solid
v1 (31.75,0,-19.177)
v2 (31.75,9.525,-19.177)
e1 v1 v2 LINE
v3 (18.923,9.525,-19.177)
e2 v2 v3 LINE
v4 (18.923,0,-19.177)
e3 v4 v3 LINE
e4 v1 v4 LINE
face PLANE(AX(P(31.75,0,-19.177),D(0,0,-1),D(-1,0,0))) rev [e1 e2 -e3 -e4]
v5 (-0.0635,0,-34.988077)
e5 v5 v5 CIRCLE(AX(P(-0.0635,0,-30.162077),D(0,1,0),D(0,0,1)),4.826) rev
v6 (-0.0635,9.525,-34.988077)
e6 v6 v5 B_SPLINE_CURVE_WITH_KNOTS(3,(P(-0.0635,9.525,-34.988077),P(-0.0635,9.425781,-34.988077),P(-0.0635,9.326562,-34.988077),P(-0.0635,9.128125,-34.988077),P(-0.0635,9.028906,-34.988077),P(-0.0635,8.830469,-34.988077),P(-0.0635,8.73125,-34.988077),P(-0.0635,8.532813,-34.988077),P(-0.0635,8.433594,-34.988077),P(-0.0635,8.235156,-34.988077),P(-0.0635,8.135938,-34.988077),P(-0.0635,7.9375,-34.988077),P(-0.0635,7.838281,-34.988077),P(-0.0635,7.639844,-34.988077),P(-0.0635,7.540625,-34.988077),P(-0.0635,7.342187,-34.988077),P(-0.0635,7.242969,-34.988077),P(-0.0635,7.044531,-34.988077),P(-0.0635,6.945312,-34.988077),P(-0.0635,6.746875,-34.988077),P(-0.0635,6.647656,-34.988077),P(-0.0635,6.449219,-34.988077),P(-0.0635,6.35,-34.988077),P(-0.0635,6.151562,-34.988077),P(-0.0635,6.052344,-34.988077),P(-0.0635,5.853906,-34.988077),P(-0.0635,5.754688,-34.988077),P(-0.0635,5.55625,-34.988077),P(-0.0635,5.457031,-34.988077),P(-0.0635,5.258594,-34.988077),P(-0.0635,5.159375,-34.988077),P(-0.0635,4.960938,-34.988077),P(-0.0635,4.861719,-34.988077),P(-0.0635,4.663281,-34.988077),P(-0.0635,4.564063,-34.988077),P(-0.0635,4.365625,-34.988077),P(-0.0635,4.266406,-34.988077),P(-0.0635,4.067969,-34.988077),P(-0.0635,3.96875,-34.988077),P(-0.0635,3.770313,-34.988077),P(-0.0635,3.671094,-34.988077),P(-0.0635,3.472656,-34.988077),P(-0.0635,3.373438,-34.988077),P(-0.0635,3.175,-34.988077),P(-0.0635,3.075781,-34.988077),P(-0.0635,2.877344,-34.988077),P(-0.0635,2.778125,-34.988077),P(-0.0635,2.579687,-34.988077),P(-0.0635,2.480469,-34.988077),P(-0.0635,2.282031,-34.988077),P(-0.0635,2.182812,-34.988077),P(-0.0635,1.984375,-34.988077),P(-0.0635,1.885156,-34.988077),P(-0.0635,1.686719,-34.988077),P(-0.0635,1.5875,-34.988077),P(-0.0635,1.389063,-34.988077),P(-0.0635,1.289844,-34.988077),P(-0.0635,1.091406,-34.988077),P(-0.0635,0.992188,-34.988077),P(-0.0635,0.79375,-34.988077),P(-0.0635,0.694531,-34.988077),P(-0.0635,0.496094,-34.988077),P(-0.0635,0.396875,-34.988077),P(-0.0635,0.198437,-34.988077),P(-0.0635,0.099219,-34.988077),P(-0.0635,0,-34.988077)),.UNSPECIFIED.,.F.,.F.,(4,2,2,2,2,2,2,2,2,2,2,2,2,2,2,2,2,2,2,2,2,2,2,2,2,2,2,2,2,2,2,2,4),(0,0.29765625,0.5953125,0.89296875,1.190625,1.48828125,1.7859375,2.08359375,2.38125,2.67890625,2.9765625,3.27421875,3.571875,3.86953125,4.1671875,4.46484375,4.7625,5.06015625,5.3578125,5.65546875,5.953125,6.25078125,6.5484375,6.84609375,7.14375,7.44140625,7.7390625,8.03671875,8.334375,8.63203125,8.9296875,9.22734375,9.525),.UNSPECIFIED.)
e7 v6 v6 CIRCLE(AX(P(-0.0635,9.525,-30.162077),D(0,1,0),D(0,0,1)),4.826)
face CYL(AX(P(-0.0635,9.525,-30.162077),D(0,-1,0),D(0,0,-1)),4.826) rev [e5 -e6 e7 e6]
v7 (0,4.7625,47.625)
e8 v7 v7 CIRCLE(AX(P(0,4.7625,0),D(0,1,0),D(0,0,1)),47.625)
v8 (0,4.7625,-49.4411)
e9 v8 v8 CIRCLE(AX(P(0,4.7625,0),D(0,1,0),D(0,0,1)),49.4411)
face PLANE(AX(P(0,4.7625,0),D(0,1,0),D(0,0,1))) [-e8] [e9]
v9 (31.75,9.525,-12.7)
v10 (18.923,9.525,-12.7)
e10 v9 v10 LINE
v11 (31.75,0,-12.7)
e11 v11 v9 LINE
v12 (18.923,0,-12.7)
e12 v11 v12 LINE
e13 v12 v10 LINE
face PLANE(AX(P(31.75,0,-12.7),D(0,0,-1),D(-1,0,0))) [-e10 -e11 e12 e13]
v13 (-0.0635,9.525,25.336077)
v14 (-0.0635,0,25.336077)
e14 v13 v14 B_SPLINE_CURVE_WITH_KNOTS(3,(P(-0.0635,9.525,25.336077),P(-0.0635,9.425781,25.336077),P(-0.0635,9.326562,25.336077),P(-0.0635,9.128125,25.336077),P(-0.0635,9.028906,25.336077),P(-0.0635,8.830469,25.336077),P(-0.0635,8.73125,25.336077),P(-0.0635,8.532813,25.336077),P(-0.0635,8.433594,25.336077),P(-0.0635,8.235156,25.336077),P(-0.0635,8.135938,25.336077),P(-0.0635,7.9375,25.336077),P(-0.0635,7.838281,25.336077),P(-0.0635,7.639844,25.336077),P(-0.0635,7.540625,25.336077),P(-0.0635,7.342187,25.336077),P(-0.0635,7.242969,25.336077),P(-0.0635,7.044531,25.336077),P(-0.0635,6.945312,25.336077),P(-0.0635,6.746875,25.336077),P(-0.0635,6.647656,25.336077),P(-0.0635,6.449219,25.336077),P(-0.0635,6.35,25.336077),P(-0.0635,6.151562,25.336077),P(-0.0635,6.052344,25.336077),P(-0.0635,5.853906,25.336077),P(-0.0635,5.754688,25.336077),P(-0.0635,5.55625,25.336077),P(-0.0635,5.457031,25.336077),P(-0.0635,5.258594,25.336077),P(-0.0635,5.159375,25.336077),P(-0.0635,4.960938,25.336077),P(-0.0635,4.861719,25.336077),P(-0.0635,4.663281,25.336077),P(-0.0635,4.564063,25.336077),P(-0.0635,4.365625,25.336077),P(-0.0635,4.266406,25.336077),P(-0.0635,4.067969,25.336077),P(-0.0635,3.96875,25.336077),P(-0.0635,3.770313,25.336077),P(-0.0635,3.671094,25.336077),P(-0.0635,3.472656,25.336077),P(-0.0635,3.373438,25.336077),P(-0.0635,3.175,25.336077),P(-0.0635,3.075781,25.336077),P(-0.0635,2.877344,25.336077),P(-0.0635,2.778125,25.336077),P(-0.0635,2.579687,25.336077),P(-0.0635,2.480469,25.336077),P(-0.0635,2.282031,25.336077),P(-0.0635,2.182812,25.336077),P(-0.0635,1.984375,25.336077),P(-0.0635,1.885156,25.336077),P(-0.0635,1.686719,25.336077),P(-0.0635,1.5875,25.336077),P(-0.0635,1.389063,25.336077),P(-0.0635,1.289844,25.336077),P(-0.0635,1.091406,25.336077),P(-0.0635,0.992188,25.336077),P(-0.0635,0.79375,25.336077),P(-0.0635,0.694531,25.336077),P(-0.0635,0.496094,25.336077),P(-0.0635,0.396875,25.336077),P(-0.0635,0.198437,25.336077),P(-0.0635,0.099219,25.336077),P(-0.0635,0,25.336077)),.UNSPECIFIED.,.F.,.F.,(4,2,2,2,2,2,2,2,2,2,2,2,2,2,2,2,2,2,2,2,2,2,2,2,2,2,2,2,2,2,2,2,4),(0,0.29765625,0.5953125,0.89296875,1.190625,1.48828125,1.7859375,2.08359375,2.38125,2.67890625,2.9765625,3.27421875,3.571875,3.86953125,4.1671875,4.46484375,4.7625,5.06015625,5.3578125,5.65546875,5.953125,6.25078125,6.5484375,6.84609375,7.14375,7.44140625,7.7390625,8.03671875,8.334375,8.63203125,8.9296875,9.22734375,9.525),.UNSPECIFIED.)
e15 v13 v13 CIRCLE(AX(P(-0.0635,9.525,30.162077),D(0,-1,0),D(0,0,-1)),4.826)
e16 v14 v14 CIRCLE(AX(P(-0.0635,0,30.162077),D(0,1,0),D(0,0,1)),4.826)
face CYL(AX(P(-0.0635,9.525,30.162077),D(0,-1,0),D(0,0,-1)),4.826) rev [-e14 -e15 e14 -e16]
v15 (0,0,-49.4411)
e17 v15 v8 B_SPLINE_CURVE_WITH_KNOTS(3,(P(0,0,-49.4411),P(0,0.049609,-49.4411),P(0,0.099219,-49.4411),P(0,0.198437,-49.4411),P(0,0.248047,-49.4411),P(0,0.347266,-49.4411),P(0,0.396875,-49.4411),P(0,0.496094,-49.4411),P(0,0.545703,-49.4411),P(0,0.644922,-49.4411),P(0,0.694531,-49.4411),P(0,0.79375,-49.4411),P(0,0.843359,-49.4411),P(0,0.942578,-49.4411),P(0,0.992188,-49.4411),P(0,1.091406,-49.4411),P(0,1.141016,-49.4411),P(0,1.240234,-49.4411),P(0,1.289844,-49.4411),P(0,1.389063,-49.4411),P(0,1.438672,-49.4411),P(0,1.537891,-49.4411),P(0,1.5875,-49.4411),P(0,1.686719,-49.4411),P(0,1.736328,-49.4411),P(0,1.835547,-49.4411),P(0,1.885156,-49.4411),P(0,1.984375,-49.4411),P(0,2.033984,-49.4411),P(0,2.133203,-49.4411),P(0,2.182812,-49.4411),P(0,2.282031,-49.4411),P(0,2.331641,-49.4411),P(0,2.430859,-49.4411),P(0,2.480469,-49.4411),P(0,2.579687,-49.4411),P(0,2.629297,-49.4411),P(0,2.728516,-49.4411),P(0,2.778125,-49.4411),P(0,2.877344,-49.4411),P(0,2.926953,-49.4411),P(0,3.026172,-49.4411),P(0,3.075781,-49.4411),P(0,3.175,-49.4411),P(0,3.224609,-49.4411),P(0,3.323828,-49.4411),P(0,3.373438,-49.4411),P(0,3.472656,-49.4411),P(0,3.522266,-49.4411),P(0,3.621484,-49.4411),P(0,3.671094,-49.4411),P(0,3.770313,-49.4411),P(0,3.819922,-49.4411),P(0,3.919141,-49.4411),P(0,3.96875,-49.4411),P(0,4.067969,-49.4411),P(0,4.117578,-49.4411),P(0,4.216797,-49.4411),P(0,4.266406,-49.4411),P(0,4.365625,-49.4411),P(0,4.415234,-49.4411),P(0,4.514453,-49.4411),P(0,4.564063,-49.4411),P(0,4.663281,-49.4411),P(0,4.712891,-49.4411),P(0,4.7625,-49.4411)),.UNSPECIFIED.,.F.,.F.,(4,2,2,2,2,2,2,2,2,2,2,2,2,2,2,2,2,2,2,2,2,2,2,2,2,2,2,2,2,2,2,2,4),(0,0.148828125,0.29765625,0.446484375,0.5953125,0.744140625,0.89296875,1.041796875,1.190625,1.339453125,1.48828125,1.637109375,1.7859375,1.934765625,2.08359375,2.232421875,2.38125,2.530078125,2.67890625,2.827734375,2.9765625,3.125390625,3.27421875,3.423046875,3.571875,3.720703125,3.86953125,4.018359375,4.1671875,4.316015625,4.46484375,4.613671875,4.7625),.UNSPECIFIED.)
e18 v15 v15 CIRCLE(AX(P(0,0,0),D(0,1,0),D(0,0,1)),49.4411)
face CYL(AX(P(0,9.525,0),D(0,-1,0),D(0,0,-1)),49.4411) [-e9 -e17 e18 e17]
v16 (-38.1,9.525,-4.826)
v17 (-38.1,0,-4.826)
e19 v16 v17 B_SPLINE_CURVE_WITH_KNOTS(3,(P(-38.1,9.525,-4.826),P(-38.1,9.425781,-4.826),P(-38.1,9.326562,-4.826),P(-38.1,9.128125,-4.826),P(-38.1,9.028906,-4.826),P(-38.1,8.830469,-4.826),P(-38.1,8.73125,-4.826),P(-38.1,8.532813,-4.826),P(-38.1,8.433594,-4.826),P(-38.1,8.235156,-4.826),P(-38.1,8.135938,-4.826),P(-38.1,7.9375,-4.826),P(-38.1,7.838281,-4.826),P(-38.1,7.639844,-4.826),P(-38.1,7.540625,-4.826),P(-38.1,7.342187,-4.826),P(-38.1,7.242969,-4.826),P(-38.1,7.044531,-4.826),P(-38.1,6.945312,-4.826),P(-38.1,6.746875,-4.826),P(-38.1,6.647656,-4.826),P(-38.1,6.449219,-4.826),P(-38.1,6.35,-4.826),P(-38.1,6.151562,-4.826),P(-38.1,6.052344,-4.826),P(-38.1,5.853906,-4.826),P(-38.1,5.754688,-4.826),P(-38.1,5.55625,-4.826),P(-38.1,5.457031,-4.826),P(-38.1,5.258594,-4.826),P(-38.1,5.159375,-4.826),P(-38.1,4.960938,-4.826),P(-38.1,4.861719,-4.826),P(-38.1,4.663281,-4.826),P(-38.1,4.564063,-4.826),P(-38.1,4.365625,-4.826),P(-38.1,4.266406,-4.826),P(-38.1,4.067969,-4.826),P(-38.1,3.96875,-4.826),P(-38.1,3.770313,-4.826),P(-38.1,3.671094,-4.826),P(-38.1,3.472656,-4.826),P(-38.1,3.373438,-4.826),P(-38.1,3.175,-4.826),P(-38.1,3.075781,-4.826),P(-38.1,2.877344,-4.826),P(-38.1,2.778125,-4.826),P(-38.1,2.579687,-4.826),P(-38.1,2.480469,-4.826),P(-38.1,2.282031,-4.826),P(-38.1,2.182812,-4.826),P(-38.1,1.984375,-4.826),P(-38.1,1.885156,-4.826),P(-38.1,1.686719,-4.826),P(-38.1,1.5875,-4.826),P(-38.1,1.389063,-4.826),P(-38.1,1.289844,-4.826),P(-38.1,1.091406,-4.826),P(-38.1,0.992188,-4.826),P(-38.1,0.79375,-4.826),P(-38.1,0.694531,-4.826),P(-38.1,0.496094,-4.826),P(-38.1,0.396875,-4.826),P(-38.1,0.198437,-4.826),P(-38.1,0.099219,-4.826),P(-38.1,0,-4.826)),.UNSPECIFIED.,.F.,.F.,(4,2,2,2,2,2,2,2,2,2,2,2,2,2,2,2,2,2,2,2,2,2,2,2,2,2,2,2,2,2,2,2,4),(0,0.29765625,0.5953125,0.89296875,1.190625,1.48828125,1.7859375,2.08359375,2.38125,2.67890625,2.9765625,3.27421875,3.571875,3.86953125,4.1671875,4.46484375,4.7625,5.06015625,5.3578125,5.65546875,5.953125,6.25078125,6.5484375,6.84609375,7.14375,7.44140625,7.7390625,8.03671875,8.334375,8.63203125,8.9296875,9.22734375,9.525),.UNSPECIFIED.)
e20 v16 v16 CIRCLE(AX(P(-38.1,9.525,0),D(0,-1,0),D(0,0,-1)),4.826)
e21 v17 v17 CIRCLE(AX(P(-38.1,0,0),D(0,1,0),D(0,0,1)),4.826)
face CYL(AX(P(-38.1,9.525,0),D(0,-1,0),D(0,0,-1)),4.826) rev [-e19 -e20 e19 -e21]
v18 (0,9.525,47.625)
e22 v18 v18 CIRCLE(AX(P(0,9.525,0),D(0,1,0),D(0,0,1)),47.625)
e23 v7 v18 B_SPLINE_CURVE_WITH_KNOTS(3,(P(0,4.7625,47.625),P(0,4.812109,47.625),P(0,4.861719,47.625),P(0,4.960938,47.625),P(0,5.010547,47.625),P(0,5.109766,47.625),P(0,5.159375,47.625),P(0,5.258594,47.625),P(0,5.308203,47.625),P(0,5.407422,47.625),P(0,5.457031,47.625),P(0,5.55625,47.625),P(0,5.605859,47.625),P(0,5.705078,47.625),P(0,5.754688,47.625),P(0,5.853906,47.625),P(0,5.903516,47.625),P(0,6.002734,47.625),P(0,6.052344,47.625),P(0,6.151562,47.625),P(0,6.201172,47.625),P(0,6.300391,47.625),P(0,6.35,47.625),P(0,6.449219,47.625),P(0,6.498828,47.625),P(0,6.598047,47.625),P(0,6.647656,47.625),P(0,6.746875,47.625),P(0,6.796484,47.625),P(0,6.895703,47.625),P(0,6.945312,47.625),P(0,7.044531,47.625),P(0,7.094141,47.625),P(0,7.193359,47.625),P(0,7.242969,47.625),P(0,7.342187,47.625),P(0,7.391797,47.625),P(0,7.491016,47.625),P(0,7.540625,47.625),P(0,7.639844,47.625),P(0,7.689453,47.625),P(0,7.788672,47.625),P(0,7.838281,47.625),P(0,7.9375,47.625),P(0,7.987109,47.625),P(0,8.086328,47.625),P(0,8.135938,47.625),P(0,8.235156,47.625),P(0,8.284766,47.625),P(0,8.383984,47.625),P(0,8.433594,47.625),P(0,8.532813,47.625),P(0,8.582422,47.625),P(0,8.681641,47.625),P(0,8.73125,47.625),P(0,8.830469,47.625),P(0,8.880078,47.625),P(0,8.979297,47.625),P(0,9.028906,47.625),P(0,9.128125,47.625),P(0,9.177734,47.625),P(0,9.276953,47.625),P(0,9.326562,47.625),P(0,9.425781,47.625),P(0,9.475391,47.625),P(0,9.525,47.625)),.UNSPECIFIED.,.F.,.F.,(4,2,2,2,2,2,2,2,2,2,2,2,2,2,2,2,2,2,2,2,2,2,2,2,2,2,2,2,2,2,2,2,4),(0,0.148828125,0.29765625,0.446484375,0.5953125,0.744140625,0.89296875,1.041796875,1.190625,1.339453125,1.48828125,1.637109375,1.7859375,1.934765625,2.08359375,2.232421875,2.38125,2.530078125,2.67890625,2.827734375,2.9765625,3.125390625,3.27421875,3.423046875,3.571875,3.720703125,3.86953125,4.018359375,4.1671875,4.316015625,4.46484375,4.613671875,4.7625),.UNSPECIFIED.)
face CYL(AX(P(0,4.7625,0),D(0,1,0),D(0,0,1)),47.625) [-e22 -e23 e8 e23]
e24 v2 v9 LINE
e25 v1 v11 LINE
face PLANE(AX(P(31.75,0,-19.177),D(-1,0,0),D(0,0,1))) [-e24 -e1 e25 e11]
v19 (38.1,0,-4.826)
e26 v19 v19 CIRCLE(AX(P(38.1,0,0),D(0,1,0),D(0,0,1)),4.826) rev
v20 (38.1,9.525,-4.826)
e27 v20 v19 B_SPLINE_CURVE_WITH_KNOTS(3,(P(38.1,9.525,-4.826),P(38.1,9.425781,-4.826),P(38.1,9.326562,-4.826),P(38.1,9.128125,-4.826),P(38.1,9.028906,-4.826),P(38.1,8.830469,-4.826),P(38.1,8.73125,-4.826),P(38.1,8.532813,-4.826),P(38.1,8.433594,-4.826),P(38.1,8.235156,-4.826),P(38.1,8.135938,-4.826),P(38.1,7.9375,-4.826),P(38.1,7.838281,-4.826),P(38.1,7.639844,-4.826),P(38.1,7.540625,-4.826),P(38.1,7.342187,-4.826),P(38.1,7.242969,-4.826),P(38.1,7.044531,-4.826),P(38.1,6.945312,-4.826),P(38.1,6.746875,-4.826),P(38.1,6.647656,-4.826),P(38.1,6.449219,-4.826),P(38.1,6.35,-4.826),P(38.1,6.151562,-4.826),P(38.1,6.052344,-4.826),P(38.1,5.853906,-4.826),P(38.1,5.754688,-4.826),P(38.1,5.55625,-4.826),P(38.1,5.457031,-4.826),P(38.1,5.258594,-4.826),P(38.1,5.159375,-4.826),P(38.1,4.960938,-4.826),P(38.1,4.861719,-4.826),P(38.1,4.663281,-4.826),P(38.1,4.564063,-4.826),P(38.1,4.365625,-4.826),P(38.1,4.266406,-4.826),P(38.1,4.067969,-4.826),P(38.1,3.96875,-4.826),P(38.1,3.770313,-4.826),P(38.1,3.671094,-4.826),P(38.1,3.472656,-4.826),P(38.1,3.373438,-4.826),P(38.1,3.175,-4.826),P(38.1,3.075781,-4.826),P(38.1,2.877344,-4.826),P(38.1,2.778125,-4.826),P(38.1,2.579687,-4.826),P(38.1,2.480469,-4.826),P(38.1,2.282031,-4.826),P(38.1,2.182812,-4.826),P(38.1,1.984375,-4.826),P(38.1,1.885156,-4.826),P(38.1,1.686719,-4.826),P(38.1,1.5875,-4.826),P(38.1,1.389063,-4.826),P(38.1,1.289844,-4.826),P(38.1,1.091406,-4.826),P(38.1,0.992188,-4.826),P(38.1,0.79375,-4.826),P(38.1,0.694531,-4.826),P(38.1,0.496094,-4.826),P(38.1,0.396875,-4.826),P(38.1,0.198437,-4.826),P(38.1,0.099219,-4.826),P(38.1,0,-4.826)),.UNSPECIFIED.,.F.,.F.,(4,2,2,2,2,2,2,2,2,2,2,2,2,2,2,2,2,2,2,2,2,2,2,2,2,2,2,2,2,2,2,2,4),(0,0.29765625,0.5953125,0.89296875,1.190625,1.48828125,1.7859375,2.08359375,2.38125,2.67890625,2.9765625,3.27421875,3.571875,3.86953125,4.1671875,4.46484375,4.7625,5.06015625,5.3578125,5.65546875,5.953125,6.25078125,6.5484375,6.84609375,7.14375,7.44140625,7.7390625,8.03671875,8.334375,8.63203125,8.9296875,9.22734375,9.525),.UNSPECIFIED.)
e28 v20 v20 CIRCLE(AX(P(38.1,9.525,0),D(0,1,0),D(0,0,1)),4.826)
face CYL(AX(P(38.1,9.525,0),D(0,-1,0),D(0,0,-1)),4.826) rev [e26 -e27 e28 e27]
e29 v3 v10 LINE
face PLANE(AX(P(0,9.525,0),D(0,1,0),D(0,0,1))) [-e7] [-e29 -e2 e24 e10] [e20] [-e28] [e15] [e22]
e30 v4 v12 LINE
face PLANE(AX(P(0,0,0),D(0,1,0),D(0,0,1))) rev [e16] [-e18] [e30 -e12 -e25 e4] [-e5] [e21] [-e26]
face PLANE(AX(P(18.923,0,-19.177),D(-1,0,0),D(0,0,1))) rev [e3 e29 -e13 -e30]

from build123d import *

# Parameters (mm, degrees)
SKETCH1_R               = 49.4411
BOSS_EXTRUDE2_DEPTH     = 9.525
SKETCH4_R               = 50.546
SKETCH4_R_2             = 47.625
CUT_EXTRUDE2_DEPTH      = 4.7625
CUT_EXTRUDE4_DEPTH      = 71.566070908
CUT_EXTRUDE4_DEPTH_BACK = 71.566070908
SKETCH5_R               = 4.826
CUT_EXTRUDE5_DEPTH      = 71.566070908
CUT_EXTRUDE5_DEPTH_BACK = 71.566070908
SKETCH6_W               = 12.827
SKETCH6_H               = 6.477


with BuildPart() as part:
    # Sketch1 → Boss-Extrude2 (new body)
    with BuildSketch(Plane(origin=(0, 0, 0), x_dir=(1, 0, 0), z_dir=(0, 1, 0))):
        with Locations(Location((0, 0, 0), (0, 0, 90))):
            Circle(SKETCH1_R)
    extrude(amount=BOSS_EXTRUDE2_DEPTH)

    # Sketch4 → Cut-Extrude2 (cut)
    with BuildSketch(Plane(origin=(0, 9.525, 0), x_dir=(1, 0, 0), z_dir=(0, 1, 0))):
        Circle(SKETCH4_R)
        with Locations(Location((0, 0, 0), (0, 0, 270))):
            Circle(SKETCH4_R_2, mode=Mode.SUBTRACT)
    extrude(amount=-CUT_EXTRUDE2_DEPTH, mode=Mode.SUBTRACT)

    # Sketch5 → Cut-Extrude4 (cut, two sides: drawn at the far end of the back side and taken through both)
    with BuildSketch(Plane.XZ.offset(-CUT_EXTRUDE4_DEPTH_BACK)):
        with Locations(Location((-0.0635, 30.162076648, 0), (0, 0, 270))):
            Circle(SKETCH5_R)
        with Locations(Location((-0.0635, -30.162076648, 0), (0, 0, 270))):
            Circle(SKETCH5_R)
        with Locations(Location((-38.1, 0, 0), (0, 0, 270))):
            Circle(SKETCH5_R)
        with Locations(Location((38.1, 0, 0), (0, 0, 270))):
            Circle(SKETCH5_R)
    extrude(amount=CUT_EXTRUDE4_DEPTH + CUT_EXTRUDE4_DEPTH_BACK, mode=Mode.SUBTRACT)

    # Sketch6 → Cut-Extrude5 (cut, two sides: drawn at the far end of the back side and taken through both)
    with BuildSketch(Plane(origin=(0, 9.525, 0), x_dir=(1, 0, 0), z_dir=(0, 1, 0)).offset(-CUT_EXTRUDE5_DEPTH_BACK)):
        with Locations((25.3365, 15.9385)):
            Rectangle(SKETCH6_W, SKETCH6_H)
    extrude(amount=CUT_EXTRUDE5_DEPTH + CUT_EXTRUDE5_DEPTH_BACK, mode=Mode.SUBTRACT)


solid = part.part
